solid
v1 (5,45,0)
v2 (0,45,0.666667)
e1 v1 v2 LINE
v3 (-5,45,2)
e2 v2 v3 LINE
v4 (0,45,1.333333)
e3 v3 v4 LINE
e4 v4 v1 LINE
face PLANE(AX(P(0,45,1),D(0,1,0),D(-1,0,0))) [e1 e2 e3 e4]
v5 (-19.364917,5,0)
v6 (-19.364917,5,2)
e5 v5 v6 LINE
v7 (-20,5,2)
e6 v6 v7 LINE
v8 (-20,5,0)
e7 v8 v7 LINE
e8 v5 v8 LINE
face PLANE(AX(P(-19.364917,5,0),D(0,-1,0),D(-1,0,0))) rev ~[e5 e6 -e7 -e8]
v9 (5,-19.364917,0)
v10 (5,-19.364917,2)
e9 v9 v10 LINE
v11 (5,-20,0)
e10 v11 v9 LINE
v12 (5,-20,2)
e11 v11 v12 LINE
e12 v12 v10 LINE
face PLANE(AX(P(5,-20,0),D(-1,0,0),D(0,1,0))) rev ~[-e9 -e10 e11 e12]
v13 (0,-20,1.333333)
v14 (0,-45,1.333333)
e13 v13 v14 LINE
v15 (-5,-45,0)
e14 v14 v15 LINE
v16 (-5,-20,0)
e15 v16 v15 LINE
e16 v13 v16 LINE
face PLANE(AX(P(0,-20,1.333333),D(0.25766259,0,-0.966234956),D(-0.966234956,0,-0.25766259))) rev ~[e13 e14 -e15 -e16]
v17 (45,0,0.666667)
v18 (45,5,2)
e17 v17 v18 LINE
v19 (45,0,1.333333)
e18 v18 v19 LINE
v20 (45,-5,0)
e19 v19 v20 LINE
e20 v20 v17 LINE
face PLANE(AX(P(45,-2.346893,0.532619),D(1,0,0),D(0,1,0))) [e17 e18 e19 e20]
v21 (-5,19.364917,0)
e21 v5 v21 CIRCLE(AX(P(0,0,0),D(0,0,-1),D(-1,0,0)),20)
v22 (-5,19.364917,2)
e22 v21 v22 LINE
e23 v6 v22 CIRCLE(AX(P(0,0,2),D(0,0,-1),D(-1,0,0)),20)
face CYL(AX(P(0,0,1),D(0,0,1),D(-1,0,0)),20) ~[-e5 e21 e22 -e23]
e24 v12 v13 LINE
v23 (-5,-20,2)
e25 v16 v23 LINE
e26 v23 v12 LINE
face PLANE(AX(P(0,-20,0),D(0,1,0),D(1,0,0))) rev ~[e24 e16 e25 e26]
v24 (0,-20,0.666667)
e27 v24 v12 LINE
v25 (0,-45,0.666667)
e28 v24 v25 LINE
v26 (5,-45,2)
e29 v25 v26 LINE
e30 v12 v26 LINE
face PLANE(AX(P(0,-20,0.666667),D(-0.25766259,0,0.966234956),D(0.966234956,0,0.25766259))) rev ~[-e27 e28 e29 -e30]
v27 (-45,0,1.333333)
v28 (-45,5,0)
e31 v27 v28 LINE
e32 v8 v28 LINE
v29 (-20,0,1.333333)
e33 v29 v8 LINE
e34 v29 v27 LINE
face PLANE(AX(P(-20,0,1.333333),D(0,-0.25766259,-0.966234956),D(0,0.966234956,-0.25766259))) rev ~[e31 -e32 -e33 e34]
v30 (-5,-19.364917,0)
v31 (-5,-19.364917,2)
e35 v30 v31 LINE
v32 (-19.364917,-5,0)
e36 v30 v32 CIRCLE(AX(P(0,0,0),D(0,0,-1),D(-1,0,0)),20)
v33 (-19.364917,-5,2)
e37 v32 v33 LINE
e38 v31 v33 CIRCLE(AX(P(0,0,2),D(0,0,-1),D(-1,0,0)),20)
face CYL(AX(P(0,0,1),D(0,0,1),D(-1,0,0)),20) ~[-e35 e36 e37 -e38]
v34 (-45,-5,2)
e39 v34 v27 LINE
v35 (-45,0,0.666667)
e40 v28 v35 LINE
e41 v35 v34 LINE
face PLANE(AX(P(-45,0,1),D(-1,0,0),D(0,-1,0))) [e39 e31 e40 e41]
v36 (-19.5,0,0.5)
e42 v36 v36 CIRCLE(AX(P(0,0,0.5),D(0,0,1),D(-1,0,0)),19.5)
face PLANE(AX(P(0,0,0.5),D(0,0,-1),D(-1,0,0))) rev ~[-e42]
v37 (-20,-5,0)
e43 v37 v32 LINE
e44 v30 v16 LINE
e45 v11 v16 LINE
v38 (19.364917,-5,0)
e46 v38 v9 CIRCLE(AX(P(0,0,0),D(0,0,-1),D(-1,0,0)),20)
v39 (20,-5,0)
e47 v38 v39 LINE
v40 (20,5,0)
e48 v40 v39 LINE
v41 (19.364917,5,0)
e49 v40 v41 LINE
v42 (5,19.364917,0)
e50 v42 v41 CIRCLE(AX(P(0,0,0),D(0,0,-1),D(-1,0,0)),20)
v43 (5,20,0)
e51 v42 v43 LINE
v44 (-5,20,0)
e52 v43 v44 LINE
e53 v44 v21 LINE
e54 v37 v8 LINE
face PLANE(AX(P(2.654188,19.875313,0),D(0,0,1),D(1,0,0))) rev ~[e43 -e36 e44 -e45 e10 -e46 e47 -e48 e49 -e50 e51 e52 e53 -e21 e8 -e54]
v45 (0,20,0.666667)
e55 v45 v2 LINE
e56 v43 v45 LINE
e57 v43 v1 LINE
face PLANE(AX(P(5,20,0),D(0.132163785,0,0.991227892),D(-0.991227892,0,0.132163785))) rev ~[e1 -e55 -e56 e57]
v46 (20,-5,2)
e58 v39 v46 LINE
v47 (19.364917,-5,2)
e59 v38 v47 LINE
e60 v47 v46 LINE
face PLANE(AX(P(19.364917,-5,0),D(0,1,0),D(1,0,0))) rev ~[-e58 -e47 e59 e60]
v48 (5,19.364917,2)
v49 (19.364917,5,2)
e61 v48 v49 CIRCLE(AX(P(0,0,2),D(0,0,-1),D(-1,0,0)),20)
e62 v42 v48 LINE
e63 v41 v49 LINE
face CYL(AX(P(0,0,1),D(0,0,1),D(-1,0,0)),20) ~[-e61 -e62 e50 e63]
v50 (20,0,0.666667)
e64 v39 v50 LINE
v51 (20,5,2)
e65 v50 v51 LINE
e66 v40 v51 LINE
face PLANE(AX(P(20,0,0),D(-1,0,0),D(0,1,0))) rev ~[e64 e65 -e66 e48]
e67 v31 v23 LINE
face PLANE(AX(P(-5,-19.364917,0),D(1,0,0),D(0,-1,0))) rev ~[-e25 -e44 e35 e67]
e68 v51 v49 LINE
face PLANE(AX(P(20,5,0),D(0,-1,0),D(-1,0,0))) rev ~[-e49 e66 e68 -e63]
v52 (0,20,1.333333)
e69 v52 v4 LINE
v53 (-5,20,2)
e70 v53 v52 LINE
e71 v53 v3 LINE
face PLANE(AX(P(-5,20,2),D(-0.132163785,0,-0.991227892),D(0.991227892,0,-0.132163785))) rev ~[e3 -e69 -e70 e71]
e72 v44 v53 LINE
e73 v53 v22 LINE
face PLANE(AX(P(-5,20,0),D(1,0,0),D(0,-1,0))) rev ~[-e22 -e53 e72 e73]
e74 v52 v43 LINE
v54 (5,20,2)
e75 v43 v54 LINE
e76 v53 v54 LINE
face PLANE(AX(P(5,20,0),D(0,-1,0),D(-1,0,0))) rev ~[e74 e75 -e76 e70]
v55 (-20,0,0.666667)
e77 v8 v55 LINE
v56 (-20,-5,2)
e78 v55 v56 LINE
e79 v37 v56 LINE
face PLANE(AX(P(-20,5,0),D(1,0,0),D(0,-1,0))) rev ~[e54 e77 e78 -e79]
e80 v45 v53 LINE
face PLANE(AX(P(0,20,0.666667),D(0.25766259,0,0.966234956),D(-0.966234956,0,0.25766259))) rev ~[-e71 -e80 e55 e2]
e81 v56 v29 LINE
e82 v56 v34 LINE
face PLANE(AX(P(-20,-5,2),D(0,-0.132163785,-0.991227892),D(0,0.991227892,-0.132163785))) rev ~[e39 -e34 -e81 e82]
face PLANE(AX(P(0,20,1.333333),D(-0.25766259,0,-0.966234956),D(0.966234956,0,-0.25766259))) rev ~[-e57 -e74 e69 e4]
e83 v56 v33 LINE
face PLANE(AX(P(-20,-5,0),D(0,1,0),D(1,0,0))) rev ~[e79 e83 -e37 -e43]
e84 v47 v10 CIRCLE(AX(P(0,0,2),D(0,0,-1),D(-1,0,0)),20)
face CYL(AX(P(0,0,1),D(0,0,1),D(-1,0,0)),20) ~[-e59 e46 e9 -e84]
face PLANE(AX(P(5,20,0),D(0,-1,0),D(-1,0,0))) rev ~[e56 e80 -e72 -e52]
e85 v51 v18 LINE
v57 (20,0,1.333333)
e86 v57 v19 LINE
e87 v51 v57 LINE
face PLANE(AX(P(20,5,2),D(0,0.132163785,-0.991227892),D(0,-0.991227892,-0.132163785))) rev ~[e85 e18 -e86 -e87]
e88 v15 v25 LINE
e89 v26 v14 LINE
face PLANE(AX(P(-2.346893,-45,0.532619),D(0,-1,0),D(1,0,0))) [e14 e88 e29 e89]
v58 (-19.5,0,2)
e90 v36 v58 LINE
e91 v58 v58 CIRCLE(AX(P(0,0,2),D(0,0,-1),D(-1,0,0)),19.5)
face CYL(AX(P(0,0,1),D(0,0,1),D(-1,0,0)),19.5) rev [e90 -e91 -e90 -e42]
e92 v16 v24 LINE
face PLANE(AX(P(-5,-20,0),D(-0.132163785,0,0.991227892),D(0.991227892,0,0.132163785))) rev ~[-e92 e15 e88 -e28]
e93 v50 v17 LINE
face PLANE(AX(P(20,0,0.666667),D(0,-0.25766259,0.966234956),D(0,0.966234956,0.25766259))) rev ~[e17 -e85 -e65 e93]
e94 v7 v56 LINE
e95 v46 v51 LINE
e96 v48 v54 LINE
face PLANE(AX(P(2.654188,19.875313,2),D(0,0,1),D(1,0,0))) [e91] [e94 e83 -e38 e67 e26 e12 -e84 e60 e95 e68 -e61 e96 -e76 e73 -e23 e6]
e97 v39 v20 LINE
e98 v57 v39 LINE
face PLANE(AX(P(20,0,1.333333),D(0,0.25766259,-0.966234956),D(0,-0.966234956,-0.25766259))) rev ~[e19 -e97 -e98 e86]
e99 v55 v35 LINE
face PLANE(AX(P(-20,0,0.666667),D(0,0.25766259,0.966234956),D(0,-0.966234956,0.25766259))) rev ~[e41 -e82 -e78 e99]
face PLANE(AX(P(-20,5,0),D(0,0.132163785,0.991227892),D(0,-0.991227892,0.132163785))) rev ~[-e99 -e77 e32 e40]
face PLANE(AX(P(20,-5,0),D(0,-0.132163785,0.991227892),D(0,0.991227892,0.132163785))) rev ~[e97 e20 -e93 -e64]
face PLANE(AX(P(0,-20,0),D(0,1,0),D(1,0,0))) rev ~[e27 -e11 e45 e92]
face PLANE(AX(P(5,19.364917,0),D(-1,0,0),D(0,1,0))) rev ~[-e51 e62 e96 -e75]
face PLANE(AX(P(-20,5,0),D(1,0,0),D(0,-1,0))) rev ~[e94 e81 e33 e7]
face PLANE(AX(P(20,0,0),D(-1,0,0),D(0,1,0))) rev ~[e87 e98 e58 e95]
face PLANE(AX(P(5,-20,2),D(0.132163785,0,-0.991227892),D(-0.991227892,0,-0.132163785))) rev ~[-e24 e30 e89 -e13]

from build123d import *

# Parameters (mm, degrees)
F0_W      = 20
F0_H      = 2
F2_T      = -0.5
F4_DEPTH  = 2
F6_DEPTH  = 25
F8_DEPTH  = 25
F10_DEPTH = 25
F12_DEPTH = 25


with BuildPart() as f1:
    # F0 (on Front) → F1 (revolve)
    with BuildSketch(Plane.XZ):
        with Locations((-10, 1)):
            Rectangle(F0_W, F0_H)
    revolve(axis=Axis((0, 0, 1), (0, 0, -1)))

    # F2
    f2_openings = [f1.faces().sort_by_distance(p)[0] for p in [
        (0, 0, 2),
    ]]
    offset(amount=F2_T, openings=f2_openings)

    # F3 (on Top) → F4 (join)
    with BuildSketch(Plane.XY):
        with BuildLine():
            Line((5, 20), (0, 20))
            ThreePointArc((0, 20), (2.520086, 19.840594), (5, 19.364917))
            Line((5, 19.364917), (5, 20))
        make_face()
        with BuildLine():
            ThreePointArc((19.364917, 5), (19.840594, 2.520086), (20, 0))
            Line((20, 0), (20, 5))
            Line((20, 5), (19.364917, 5))
        make_face()
        with BuildLine():
            Line((20, -5), (20, 0))
            ThreePointArc((20, 0), (19.840594, -2.520086), (19.364917, -5))
            Line((19.364917, -5), (20, -5))
        make_face()
        with BuildLine():
            ThreePointArc((5, -19.364917), (2.520086, -19.840594), (0, -20))
            Line((0, -20), (5, -20))
            Line((5, -20), (5, -19.364917))
        make_face()
        with BuildLine():
            Line((-5, -20), (0, -20))
            ThreePointArc((0, -20), (-2.520086, -19.840594), (-5, -19.364917))
            Line((-5, -19.364917), (-5, -20))
        make_face()
        with BuildLine():
            ThreePointArc((-19.364917, -5), (-19.840594, -2.520086), (-20, 0))
            Line((-20, 0), (-20, -5))
            Line((-20, -5), (-19.364917, -5))
        make_face()
        with BuildLine():
            Line((-20, 5), (-20, 0))
            ThreePointArc((-20, 0), (-19.840594, 2.520086), (-19.364917, 5))
            Line((-19.364917, 5), (-20, 5))
        make_face()
        with BuildLine():
            Line((0, 20), (-5, 20))
            Line((-5, 20), (-5, 19.364917))
            ThreePointArc((-5, 19.364917), (-2.520086, 19.840594), (0, 20))
        make_face()
    extrude(amount=F4_DEPTH)

    # F5 (on face) → F6 (join)
    with BuildSketch(Plane(origin=(0, 20, 0), x_dir=(-1, 0, 0), z_dir=(0, 1, 0))):
        Polygon((0, 1.333333), (-5, 0), (0, 0.666667), (5, 2), align=None)
    extrude(amount=F6_DEPTH)

    # F7 (on face) → F8 (join)
    with BuildSketch(Plane(origin=(-20, 0, 0), x_dir=(0, -1, 0), z_dir=(-1, 0, 0))):
        Polygon((0, 0.666667), (5, 2), (0, 1.333333), (-5, 0), align=None)
    extrude(amount=F8_DEPTH)

    # F9 (on face) → F10 (join)
    with BuildSketch(Plane.XZ.offset(20)):
        Polygon((0, 1.333333), (-5, 0), (0, 0.666667), align=None)
        Polygon((5, 2), (0, 1.333333), (0, 0.666667), align=None)
    extrude(amount=F10_DEPTH)

    # F11 (on face) → F12 (join)
    with BuildSketch(Plane.YZ.offset(20)):
        Polygon((0, 1.333333), (-5, 0), (0, 0.666667), align=None)
        Polygon((5, 2), (0, 1.333333), (0, 0.666667), align=None)
    extrude(amount=F12_DEPTH)


solid = f1.part
